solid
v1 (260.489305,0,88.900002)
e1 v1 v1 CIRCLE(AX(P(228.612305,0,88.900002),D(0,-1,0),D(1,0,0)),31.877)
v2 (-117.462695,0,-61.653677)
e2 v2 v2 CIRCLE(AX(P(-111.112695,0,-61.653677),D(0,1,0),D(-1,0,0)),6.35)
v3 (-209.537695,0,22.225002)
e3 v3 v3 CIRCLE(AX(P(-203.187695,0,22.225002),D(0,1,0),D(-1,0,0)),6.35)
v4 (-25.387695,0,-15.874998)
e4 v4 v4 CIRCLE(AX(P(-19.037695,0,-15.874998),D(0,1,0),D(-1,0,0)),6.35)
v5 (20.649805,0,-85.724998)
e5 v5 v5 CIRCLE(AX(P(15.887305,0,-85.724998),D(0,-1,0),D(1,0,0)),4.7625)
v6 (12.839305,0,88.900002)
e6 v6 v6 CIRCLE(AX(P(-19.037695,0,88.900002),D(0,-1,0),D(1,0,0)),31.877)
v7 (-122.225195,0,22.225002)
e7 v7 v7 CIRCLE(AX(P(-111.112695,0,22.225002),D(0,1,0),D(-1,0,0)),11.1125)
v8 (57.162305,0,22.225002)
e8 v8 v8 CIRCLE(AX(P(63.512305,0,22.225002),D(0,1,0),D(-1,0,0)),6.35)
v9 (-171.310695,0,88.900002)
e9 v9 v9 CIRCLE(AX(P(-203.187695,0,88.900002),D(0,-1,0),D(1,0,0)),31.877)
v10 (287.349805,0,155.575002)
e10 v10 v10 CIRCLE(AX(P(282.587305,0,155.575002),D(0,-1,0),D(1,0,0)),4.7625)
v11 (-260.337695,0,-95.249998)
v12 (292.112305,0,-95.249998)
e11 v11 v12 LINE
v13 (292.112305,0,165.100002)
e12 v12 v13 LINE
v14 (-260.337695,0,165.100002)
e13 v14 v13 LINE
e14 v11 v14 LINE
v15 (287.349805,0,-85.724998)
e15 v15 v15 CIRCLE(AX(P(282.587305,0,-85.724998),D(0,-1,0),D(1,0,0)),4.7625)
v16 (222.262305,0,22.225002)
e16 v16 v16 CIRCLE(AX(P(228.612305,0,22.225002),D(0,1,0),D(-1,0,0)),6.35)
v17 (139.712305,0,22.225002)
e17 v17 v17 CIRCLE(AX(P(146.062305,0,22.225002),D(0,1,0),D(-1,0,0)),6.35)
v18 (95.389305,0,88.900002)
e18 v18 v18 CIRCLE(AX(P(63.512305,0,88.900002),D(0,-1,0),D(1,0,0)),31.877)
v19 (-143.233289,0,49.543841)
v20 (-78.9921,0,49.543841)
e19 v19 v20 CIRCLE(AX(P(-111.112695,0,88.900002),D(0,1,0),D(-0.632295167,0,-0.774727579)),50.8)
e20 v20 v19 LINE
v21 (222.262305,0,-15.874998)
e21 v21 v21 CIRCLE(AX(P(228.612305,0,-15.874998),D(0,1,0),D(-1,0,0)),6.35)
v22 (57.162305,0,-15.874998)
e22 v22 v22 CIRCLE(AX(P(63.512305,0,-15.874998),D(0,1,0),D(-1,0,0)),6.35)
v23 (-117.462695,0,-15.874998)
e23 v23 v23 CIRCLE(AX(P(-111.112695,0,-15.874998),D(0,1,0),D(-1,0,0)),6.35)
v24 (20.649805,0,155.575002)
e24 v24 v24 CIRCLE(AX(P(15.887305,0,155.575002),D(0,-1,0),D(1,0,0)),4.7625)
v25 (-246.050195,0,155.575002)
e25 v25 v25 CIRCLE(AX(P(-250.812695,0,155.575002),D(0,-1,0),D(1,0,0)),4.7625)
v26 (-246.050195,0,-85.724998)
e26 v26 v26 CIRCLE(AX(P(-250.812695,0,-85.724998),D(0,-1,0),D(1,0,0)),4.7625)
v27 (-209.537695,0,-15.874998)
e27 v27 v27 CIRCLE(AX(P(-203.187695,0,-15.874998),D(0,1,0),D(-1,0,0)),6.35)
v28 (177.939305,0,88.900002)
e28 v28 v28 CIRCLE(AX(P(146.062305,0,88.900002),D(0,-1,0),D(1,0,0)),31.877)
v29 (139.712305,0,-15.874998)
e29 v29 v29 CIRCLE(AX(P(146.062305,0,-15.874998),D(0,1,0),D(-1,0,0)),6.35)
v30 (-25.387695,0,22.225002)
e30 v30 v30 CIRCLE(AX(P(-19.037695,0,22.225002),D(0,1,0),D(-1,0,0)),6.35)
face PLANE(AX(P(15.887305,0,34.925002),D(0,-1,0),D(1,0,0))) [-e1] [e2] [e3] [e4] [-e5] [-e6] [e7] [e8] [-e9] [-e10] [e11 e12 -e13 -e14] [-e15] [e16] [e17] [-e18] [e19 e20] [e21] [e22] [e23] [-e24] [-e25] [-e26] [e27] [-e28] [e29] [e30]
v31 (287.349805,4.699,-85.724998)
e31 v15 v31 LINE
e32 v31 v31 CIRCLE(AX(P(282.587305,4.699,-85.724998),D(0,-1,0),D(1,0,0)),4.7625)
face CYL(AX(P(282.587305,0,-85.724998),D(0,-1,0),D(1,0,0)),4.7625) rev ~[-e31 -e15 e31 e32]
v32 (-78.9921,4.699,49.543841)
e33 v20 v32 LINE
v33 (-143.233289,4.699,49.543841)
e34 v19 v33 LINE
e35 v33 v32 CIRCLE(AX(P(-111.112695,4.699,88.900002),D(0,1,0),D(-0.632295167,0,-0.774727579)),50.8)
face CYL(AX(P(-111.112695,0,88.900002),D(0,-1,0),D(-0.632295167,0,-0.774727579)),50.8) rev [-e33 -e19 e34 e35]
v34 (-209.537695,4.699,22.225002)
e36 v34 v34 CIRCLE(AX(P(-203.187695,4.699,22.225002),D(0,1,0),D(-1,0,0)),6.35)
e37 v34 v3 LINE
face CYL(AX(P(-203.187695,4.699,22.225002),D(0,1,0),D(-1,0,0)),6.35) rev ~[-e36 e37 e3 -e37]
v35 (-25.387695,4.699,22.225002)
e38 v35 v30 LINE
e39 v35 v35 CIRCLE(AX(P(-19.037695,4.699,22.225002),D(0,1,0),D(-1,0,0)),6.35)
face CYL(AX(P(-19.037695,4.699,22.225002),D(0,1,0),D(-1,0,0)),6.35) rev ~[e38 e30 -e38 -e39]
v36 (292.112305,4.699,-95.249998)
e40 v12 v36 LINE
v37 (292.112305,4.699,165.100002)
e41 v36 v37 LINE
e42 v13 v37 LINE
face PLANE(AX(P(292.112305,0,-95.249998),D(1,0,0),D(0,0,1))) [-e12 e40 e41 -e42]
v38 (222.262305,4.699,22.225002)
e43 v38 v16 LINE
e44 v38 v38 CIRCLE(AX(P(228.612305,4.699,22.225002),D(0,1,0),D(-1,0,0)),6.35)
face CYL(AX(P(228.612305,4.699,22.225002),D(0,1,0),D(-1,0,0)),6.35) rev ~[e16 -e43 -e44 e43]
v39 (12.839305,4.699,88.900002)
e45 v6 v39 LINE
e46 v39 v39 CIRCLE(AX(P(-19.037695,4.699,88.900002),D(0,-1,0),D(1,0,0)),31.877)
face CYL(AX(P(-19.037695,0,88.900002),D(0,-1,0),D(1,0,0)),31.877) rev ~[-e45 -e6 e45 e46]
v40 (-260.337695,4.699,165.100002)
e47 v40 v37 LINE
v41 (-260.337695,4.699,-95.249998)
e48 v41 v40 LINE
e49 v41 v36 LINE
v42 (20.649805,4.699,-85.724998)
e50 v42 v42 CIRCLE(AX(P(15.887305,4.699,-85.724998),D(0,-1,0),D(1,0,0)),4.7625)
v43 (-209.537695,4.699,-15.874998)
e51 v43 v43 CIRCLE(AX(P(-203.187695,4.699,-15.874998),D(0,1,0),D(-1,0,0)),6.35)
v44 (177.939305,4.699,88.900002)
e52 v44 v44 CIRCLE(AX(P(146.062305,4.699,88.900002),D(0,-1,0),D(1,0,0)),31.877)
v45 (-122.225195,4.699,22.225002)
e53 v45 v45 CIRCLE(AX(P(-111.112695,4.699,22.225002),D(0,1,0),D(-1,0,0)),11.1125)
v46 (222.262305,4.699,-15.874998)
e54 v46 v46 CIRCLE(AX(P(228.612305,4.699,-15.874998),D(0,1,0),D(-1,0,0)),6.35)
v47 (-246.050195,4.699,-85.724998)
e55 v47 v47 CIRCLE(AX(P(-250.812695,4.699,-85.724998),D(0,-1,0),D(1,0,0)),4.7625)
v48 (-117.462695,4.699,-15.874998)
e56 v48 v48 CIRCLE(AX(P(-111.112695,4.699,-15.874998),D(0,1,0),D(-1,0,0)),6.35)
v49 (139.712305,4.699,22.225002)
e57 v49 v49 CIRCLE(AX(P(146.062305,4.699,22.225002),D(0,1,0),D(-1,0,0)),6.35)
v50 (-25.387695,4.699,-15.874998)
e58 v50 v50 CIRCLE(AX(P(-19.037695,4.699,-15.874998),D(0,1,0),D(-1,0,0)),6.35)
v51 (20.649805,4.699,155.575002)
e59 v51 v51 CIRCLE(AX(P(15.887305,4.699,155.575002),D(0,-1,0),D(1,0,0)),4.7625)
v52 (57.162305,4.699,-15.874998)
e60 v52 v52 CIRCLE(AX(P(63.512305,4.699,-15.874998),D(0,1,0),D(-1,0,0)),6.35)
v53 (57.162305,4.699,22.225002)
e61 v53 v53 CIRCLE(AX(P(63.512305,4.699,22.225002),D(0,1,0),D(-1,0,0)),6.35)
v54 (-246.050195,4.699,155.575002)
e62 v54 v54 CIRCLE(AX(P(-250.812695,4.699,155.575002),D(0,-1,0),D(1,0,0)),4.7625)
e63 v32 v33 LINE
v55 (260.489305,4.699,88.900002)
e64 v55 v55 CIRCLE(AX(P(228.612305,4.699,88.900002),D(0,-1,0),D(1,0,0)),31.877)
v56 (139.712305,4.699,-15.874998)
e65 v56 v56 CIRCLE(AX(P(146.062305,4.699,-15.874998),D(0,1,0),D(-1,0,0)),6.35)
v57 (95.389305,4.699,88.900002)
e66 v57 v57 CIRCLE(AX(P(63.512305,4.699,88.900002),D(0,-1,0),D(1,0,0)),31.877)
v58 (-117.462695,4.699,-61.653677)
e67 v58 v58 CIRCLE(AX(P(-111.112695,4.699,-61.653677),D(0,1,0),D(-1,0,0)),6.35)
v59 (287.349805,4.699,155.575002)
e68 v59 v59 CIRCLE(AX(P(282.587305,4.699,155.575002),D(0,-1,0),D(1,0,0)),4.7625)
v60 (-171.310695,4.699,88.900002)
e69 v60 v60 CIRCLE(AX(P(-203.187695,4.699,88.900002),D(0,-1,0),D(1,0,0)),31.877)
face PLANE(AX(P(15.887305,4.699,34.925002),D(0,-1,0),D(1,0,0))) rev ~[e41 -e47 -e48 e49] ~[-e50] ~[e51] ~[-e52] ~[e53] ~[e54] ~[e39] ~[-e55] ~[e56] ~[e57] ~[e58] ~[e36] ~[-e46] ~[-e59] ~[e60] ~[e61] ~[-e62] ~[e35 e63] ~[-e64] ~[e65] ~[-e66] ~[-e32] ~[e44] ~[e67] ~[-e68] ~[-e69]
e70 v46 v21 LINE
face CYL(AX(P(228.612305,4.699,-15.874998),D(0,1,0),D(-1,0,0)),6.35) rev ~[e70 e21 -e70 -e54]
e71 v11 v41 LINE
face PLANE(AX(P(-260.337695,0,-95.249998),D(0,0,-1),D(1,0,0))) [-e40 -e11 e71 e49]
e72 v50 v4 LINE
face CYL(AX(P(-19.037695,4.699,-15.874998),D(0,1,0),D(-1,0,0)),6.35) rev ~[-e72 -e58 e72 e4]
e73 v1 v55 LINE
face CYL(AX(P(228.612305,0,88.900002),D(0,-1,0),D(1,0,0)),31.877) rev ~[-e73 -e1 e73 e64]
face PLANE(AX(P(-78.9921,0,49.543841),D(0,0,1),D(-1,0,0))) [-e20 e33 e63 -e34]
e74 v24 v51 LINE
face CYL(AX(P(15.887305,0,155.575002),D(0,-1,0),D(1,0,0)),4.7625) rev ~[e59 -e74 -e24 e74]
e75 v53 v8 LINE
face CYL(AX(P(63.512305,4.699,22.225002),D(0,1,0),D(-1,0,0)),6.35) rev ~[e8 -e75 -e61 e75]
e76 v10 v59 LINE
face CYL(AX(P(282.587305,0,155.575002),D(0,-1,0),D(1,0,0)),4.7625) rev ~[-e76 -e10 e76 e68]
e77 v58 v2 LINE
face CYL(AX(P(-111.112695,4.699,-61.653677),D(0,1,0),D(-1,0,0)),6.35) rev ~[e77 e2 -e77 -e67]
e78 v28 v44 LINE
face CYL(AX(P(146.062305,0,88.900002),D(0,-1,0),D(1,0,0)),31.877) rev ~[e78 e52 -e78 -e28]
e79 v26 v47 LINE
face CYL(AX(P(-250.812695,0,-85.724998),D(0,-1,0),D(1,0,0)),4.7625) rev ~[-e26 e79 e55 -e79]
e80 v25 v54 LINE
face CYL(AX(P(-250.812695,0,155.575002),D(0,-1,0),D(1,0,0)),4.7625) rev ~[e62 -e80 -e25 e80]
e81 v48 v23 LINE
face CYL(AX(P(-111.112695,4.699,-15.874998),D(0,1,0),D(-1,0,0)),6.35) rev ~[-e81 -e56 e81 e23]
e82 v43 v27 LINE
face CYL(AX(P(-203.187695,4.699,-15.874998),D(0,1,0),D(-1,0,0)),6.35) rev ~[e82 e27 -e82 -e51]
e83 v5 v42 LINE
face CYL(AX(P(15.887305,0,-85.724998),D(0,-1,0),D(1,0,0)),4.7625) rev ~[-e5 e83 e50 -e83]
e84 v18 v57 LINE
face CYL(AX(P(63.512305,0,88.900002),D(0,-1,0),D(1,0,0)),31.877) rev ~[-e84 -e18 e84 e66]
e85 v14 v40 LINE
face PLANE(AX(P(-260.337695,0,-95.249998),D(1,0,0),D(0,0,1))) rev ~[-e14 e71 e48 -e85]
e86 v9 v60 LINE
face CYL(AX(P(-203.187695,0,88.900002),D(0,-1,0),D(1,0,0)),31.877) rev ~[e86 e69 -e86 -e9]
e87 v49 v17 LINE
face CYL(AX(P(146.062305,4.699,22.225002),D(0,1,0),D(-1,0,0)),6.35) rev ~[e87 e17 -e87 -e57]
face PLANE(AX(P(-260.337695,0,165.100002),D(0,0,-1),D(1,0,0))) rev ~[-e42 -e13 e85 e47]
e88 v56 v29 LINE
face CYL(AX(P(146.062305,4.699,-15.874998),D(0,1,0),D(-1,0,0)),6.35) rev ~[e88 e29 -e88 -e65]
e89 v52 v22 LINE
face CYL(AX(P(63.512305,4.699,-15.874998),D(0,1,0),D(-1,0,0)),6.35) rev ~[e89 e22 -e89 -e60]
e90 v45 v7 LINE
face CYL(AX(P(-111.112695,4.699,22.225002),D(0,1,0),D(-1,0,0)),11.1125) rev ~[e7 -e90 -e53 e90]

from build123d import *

# Parameters (mm, degrees)
F0_W     = 552.45
F0_H     = 260.35
F0_R     = 4.7625
F0_R_2   = 31.877
F1_DEPTH = 4.699
F2_R     = 6.35
F2_R_2   = 11.1125
F3_DEPTH = 25.4
F4_R     = 2.413
F5_DEPTH = 25.4


with BuildPart() as f1:
    # F0 (on Front) → F1 (new body)
    with BuildSketch(Plane.XZ):
        with Locations((15.887305, 34.925002)):
            Rectangle(F0_W, F0_H)
        with Locations((-250.812695, -85.724998)):
            Circle(F0_R, mode=Mode.SUBTRACT)
        with Locations((15.887305, -85.724998)):
            Circle(F0_R, mode=Mode.SUBTRACT)
        with Locations((282.587305, -85.724998)):
            Circle(F0_R, mode=Mode.SUBTRACT)
        with Locations((-203.187695, 88.900002)):
            Circle(F0_R_2, mode=Mode.SUBTRACT)
        with BuildLine():
            ThreePointArc((-143.233289, 49.543841), (-111.112695, 139.700002), (-78.9921, 49.543841))
            Line((-78.9921, 49.543841), (-143.233289, 49.543841))
        make_face(mode=Mode.SUBTRACT)
        with Locations((-19.037695, 88.900002)):
            Circle(F0_R_2, mode=Mode.SUBTRACT)
        with Locations((-250.812695, 155.575002)):
            Circle(F0_R, mode=Mode.SUBTRACT)
        with Locations((63.512305, 88.900002)):
            Circle(F0_R_2, mode=Mode.SUBTRACT)
        with Locations((146.062305, 88.900002)):
            Circle(F0_R_2, mode=Mode.SUBTRACT)
        with Locations((228.612305, 88.900002)):
            Circle(F0_R_2, mode=Mode.SUBTRACT)
        with Locations((15.887305, 155.575002)):
            Circle(F0_R, mode=Mode.SUBTRACT)
        with Locations((282.587305, 155.575002)):
            Circle(F0_R, mode=Mode.SUBTRACT)
    extrude(amount=-F1_DEPTH)

    # F2 (on face) → F3 (cut)
    with BuildSketch(Plane(origin=(0, 4.699, 0), x_dir=(-1, 0, 0), z_dir=(0, 1, 0))):
        with Locations((203.187695, 22.225002)):
            Circle(F2_R)
        with Locations((19.037695, 22.225002)):
            Circle(F2_R)
        with Locations((-63.512305, 22.225002)):
            Circle(F2_R)
        with Locations((-146.062305, 22.225002)):
            Circle(F2_R)
        with Locations((-228.612305, 22.225002)):
            Circle(F2_R)
        with Locations((203.187695, -15.874998)):
            Circle(F2_R)
        with Locations((19.037695, -15.874998)):
            Circle(F2_R)
        with Locations((-63.512305, -15.874998)):
            Circle(F2_R)
        with Locations((-146.062305, -15.874998)):
            Circle(F2_R)
        with Locations((-228.612305, -15.874998)):
            Circle(F2_R)
        with Locations((111.112695, -15.874998)):
            Circle(F2_R)
        with Locations((111.112695, 22.225002)):
            Circle(F2_R_2)
        with Locations((111.112695, -61.653677)):
            Circle(F2_R)
    extrude(amount=-F3_DEPTH, mode=Mode.SUBTRACT)

    # F4 (on face) → F5 (cut)
    with BuildSketch(Plane(origin=(0, 4.699, 0), x_dir=(-1, 0, 0), z_dir=(0, 1, 0))):
        with Locations((79.362695, 120.650002)):
            Circle(F4_R)
        with Locations((142.862695, 120.650002)):
            Circle(F4_R)
        with Locations((142.862695, 57.150002)):
            Circle(F4_R)
        with Locations((79.362695, 57.150002)):
            Circle(F4_R)
    extrude(amount=-F5_DEPTH, mode=Mode.SUBTRACT)


solid = f1.part
